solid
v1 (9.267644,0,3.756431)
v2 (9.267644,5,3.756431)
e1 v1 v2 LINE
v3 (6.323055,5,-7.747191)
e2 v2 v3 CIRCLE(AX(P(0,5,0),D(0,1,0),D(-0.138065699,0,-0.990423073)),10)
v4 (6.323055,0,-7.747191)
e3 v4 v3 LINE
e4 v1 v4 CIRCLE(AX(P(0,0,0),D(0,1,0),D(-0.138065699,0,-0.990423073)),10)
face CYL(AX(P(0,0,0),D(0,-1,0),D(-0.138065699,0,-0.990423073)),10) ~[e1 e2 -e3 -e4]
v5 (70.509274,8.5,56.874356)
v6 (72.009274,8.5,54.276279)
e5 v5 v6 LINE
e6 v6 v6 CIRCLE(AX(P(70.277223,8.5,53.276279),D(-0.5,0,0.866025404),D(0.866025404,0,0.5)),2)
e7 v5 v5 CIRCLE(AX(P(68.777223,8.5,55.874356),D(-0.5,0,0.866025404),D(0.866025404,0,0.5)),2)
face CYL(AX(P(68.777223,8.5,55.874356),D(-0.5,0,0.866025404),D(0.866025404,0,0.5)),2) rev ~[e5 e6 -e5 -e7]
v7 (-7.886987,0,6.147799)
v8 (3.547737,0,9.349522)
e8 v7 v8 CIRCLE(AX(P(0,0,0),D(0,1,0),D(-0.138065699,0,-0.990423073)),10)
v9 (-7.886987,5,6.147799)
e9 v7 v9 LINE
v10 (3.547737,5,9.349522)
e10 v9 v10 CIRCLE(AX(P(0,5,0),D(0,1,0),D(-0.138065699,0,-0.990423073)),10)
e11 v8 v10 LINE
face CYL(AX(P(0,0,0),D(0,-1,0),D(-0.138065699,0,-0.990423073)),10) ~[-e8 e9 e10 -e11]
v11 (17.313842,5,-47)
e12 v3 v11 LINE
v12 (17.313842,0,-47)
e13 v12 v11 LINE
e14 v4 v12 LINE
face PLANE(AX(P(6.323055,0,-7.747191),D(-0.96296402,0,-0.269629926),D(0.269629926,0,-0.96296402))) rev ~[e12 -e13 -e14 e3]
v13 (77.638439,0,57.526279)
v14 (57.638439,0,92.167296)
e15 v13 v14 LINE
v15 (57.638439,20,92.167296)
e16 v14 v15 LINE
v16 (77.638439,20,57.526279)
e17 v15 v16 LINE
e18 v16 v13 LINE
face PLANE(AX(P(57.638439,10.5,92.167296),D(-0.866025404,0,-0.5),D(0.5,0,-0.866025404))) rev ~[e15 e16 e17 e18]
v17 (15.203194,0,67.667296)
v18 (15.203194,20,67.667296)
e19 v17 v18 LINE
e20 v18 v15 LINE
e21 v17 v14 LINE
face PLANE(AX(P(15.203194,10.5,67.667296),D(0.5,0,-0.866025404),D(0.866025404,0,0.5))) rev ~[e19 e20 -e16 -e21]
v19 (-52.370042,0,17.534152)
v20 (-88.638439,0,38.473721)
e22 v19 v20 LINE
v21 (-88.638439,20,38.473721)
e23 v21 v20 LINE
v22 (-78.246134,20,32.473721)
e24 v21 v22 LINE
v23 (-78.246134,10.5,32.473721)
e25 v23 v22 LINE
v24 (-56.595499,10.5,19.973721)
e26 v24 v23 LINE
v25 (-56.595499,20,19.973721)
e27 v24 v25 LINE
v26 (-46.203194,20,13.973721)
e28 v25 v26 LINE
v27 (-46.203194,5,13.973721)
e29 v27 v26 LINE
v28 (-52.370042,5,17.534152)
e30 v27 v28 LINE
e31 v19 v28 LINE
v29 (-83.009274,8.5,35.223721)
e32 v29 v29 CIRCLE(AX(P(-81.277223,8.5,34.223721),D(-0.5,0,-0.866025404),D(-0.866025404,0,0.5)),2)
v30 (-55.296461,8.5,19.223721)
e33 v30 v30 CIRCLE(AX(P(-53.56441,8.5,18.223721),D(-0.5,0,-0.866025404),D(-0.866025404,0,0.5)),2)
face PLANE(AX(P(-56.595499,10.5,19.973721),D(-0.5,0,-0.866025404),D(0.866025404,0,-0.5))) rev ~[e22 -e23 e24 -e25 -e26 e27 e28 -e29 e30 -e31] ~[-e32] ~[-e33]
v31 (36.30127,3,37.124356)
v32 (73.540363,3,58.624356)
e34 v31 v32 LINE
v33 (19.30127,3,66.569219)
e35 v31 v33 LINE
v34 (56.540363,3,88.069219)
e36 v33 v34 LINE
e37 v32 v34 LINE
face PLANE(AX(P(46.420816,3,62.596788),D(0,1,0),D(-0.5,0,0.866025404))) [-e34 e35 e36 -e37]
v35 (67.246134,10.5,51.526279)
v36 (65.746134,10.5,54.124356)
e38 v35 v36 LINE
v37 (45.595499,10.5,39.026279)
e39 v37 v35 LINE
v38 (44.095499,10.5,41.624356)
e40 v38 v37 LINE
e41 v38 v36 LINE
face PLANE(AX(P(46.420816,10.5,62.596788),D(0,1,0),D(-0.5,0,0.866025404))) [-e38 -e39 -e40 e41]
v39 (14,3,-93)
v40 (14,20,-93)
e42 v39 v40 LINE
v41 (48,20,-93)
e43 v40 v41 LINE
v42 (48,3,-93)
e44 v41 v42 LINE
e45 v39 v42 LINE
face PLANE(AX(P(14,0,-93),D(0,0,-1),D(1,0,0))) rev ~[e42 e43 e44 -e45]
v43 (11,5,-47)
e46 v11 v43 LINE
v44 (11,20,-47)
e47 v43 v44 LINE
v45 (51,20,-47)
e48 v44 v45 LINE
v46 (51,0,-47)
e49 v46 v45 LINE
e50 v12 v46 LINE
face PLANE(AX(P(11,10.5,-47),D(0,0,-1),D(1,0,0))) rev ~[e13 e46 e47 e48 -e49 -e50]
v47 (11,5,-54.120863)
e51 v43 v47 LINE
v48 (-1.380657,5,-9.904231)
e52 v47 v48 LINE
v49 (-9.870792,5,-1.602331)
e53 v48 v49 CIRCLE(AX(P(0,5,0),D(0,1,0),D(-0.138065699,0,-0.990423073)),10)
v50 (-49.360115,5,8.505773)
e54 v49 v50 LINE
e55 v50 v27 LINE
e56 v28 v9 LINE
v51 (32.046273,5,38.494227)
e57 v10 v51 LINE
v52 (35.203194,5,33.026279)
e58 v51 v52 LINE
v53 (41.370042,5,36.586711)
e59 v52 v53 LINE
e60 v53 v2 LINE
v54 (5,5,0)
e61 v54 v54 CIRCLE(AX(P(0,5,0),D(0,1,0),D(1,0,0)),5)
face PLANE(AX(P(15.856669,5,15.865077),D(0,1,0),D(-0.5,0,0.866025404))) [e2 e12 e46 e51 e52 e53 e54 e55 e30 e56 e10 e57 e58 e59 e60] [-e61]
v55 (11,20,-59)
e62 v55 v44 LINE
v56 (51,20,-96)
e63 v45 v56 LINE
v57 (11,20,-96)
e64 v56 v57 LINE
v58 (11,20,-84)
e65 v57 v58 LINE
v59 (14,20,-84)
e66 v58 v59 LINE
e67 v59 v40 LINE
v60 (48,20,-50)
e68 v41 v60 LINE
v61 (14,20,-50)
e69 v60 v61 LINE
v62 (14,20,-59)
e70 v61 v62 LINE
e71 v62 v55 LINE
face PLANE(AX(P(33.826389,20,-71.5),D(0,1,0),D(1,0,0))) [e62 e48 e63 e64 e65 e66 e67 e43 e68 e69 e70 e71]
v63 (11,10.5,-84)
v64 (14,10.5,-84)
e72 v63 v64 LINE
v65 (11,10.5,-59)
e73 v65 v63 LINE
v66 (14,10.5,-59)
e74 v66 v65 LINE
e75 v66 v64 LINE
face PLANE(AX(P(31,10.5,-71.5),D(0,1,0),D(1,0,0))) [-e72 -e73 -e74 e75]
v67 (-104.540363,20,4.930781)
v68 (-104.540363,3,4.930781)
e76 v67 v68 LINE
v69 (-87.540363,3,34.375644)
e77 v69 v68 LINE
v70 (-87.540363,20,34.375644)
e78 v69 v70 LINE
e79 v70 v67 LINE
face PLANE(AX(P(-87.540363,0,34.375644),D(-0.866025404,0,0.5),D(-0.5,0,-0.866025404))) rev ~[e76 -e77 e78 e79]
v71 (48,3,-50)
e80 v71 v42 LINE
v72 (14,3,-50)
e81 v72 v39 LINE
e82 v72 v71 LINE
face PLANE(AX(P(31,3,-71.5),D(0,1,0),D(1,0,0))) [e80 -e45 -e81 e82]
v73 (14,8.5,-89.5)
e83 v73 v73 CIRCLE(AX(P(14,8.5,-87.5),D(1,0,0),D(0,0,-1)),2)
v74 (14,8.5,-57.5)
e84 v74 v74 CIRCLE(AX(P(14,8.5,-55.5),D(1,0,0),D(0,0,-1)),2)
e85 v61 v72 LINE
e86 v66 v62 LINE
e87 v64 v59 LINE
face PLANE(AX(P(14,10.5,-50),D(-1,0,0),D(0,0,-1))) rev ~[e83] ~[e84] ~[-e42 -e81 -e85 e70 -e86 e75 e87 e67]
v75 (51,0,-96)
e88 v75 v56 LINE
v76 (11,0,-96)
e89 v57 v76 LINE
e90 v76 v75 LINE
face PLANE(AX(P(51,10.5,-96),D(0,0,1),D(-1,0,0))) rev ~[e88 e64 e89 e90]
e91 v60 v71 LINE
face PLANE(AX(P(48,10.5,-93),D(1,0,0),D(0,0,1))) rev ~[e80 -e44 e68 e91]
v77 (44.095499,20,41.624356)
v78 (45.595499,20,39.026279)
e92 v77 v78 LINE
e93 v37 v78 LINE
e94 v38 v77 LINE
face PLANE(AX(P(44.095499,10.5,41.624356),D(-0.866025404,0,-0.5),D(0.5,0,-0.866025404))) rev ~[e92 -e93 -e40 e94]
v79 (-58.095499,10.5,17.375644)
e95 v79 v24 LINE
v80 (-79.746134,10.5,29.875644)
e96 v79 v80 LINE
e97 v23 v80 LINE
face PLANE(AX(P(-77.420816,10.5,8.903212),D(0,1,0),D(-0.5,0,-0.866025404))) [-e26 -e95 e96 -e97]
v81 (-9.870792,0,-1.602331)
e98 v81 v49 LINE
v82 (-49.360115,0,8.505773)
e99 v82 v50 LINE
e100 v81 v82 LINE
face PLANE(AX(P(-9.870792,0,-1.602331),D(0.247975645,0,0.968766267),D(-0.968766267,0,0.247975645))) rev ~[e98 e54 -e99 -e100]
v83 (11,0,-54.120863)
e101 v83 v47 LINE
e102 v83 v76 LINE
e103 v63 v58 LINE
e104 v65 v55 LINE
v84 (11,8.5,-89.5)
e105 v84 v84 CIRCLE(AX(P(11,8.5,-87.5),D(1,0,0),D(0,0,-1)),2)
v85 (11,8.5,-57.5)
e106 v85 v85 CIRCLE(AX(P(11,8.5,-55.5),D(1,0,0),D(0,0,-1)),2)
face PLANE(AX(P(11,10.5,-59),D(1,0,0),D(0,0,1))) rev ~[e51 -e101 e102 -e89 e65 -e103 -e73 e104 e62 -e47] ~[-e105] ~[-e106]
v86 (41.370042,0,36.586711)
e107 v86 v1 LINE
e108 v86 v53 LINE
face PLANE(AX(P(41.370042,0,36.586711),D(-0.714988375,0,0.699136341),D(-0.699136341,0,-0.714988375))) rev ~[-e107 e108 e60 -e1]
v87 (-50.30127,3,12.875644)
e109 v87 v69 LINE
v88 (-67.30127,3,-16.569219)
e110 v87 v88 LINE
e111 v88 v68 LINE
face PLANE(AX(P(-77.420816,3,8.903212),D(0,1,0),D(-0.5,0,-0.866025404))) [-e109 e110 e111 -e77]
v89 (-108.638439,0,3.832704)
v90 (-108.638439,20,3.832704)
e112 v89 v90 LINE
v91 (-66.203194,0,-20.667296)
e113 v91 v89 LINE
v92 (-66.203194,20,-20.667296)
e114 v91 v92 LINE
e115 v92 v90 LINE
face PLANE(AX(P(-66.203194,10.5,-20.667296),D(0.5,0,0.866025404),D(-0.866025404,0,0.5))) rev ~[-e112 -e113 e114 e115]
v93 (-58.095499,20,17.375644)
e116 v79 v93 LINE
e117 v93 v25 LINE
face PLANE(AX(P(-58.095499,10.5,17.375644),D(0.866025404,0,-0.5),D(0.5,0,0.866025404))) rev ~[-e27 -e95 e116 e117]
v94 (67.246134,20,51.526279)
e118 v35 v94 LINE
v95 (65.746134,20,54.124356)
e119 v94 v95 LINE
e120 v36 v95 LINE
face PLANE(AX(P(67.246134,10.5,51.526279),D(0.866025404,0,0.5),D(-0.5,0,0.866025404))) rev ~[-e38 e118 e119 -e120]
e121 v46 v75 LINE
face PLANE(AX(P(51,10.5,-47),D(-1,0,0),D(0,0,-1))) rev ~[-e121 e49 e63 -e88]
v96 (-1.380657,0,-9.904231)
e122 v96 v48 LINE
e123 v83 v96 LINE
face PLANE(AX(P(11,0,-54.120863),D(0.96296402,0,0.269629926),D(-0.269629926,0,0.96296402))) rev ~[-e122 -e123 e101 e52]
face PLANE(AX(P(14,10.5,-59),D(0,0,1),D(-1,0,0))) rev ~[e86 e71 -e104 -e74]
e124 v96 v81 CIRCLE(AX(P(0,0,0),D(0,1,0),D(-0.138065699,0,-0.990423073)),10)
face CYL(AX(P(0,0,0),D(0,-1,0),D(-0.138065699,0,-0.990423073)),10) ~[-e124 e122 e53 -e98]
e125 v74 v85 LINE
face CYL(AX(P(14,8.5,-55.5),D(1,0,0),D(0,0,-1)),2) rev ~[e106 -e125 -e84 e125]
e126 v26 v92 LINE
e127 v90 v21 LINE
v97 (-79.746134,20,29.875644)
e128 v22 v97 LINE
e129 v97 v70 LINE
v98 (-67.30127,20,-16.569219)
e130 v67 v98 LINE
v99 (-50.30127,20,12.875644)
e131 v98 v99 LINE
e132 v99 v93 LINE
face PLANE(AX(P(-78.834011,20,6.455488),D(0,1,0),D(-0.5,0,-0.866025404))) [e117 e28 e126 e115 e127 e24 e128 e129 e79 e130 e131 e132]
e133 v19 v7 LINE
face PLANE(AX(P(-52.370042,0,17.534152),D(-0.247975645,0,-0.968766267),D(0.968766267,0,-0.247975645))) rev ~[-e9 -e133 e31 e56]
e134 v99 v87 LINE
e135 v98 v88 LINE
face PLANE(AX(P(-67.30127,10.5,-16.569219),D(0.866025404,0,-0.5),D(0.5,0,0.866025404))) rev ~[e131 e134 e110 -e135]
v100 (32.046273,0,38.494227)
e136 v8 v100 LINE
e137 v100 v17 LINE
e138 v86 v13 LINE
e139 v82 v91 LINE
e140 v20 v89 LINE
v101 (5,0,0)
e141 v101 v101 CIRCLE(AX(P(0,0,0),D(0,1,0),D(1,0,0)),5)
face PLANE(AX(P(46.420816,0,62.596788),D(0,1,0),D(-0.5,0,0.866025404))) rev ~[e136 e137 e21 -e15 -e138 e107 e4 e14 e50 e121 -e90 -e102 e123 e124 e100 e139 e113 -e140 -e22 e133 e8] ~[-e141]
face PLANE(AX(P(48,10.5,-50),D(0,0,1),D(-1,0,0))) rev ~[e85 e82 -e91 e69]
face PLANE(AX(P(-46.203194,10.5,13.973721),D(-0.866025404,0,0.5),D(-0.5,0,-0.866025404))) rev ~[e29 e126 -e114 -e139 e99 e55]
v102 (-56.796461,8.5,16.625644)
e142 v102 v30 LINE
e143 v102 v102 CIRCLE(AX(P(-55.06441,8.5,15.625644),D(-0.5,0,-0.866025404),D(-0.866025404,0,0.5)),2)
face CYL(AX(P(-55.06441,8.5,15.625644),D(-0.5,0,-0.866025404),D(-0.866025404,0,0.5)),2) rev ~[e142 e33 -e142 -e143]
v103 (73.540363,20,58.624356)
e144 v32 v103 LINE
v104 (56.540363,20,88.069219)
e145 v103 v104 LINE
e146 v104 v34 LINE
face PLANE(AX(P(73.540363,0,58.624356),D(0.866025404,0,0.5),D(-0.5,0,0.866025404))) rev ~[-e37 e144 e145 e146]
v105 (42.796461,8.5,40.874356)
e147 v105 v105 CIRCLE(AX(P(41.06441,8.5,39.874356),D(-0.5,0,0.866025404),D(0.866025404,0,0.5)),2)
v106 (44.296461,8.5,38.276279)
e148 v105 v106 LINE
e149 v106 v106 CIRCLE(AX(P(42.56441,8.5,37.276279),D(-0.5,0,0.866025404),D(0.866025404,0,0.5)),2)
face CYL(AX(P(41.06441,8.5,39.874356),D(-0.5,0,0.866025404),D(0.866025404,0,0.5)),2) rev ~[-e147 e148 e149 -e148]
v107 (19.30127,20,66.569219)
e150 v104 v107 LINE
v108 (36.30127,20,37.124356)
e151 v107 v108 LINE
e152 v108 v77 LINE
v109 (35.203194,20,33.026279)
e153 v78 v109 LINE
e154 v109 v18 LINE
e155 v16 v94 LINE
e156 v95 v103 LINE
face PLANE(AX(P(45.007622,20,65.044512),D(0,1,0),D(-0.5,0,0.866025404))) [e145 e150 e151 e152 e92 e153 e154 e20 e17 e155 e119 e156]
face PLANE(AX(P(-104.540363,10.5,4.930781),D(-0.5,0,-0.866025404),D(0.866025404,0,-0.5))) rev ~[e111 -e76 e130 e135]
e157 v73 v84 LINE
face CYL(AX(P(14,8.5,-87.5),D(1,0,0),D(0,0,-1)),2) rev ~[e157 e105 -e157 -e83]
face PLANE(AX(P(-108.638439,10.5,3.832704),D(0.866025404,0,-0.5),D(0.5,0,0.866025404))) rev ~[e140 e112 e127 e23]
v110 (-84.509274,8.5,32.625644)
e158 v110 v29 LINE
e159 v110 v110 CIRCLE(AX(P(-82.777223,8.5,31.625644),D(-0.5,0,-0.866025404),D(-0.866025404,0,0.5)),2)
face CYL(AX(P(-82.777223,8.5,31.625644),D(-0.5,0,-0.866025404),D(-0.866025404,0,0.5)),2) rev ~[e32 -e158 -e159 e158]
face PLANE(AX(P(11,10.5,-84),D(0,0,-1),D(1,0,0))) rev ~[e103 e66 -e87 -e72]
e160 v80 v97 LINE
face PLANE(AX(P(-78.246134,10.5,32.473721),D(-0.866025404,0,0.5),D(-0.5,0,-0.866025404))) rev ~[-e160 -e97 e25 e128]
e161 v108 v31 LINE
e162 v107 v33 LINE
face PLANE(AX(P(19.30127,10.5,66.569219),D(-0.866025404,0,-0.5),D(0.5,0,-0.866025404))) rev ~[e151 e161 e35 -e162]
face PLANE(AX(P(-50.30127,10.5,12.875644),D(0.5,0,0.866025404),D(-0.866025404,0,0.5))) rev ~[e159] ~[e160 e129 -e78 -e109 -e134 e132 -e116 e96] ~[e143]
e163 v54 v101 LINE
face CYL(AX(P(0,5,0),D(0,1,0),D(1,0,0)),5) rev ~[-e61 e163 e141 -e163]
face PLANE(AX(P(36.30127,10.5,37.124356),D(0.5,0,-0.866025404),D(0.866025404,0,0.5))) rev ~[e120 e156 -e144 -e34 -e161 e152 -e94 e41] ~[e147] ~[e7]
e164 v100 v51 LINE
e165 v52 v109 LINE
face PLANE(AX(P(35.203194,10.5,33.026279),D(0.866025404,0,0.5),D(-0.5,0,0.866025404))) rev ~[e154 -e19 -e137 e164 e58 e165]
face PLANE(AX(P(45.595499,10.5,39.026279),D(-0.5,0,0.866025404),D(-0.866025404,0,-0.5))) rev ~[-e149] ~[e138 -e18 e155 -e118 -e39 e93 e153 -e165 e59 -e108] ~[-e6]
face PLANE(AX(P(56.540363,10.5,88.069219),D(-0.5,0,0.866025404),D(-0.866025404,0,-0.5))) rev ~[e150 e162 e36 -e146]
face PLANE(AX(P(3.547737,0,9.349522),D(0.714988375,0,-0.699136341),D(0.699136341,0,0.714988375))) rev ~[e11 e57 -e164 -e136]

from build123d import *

# Parameters (mm, degrees)
BOSS_EXTRUDE3_DEPTH = 5
SKETCH3_W           = 40
SKETCH3_H           = 49
SKETCH3_W_2         = 34
SKETCH3_H_2         = 43
BOSS_EXTRUDE4_DEPTH = 10.5
SKETCH1_W           = 34
SKETCH1_H           = 43
BOSS_EXTRUDE5_DEPTH = 3
BOSS_EXTRUDE6_DEPTH = 9.5
SKETCH6_R           = 2
CUT_EXTRUDE1_DEPTH  = 3
CIRPATTERN1_COUNT   = 3
SKETCH8_R           = 5
CUT_EXTRUDE2_DEPTH  = 9.5


with BuildPart() as part:
    # Sketch4 → Boss-Extrude3 (new body)
    with BuildSketch(Plane(origin=(0, 0, 0), x_dir=(1, 0, 0), z_dir=(0, 1, 0))):
        with BuildLine():
            Line((6.323055165, 7.747191322), (17.313841595, 47))
            Line((17.313841595, 47), (11, 47))
            Line((11, 47), (11, 54.120862841))
            Line((11, 54.120862841), (-1.380656992, 9.904230726))
            ThreePointArc((-1.380656992, 9.904230726), (-2.696299255, -9.629640197), (6.323055165, 7.747191322))
        make_face()
    boss_extrude3 = extrude(amount=BOSS_EXTRUDE3_DEPTH)

    # Sketch3 → Boss-Extrude4 (add)
    with BuildSketch(Plane(origin=(0, 0, 0), x_dir=(1, 0, 0), z_dir=(0, 1, 0))):
        with Locations((31, 71.5)):
            Rectangle(SKETCH3_W, SKETCH3_H)
        with Locations((31, 71.5)):
            Rectangle(SKETCH3_W_2, SKETCH3_H_2, mode=Mode.SUBTRACT)
    boss_extrude4 = extrude(amount=BOSS_EXTRUDE4_DEPTH)

    # Sketch1 → Boss-Extrude5 (add)
    with BuildSketch(Plane(origin=(0, 0, 0), x_dir=(1, 0, 0), z_dir=(0, 1, 0))):
        with Locations((31, 71.5)):
            Rectangle(SKETCH1_W, SKETCH1_H)
    boss_extrude5 = extrude(amount=BOSS_EXTRUDE5_DEPTH)

    # Sketch7 → Boss-Extrude6 (add)
    with BuildSketch(Plane(origin=(0, 10.5, 0), x_dir=(1, 0, 0), z_dir=(0, 1, 0))):
        Polygon((14, 50), (14, 59), (11, 59), (11, 47), (51, 47), (51, 96), (11, 96), (11, 84), (14, 84), (14, 93), (48, 93), (48, 50), align=None)
    boss_extrude6 = extrude(amount=BOSS_EXTRUDE6_DEPTH)

    # Sketch6 → Cut-Extrude1 (cut)
    with BuildSketch(Plane(origin=(14, 0, 0), x_dir=(0, 0, -1), z_dir=(1, 0, 0))):
        with Locations((55.5, 8.5)):
            Circle(SKETCH6_R)
        with Locations((87.5, 8.5)):
            Circle(SKETCH6_R)
    cut_extrude1 = extrude(amount=-CUT_EXTRUDE1_DEPTH, mode=Mode.SUBTRACT)

    # CirPattern1: Boss-Extrude3, Boss-Extrude4, Boss-Extrude5, Boss-Extrude6, Cut-Extrude1 ×3 about axis
    cirpattern1_axis = Axis((0, 0, 0), (0, 1, 0))
    for i in range(1, CIRPATTERN1_COUNT):
        add(boss_extrude3.rotate(cirpattern1_axis, i * 360 / CIRPATTERN1_COUNT))
        add(boss_extrude4.rotate(cirpattern1_axis, i * 360 / CIRPATTERN1_COUNT))
        add(boss_extrude5.rotate(cirpattern1_axis, i * 360 / CIRPATTERN1_COUNT))
        add(boss_extrude6.rotate(cirpattern1_axis, i * 360 / CIRPATTERN1_COUNT))
        add(cut_extrude1.rotate(cirpattern1_axis, i * 360 / CIRPATTERN1_COUNT), mode=Mode.SUBTRACT)

    # Sketch8 → Cut-Extrude2 (cut)
    with BuildSketch(Plane(origin=(0, 5, 0), x_dir=(1, 0, 0), z_dir=(0, 1, 0))):
        Circle(SKETCH8_R)
    extrude(amount=-CUT_EXTRUDE2_DEPTH, mode=Mode.SUBTRACT)


solid = part.part
